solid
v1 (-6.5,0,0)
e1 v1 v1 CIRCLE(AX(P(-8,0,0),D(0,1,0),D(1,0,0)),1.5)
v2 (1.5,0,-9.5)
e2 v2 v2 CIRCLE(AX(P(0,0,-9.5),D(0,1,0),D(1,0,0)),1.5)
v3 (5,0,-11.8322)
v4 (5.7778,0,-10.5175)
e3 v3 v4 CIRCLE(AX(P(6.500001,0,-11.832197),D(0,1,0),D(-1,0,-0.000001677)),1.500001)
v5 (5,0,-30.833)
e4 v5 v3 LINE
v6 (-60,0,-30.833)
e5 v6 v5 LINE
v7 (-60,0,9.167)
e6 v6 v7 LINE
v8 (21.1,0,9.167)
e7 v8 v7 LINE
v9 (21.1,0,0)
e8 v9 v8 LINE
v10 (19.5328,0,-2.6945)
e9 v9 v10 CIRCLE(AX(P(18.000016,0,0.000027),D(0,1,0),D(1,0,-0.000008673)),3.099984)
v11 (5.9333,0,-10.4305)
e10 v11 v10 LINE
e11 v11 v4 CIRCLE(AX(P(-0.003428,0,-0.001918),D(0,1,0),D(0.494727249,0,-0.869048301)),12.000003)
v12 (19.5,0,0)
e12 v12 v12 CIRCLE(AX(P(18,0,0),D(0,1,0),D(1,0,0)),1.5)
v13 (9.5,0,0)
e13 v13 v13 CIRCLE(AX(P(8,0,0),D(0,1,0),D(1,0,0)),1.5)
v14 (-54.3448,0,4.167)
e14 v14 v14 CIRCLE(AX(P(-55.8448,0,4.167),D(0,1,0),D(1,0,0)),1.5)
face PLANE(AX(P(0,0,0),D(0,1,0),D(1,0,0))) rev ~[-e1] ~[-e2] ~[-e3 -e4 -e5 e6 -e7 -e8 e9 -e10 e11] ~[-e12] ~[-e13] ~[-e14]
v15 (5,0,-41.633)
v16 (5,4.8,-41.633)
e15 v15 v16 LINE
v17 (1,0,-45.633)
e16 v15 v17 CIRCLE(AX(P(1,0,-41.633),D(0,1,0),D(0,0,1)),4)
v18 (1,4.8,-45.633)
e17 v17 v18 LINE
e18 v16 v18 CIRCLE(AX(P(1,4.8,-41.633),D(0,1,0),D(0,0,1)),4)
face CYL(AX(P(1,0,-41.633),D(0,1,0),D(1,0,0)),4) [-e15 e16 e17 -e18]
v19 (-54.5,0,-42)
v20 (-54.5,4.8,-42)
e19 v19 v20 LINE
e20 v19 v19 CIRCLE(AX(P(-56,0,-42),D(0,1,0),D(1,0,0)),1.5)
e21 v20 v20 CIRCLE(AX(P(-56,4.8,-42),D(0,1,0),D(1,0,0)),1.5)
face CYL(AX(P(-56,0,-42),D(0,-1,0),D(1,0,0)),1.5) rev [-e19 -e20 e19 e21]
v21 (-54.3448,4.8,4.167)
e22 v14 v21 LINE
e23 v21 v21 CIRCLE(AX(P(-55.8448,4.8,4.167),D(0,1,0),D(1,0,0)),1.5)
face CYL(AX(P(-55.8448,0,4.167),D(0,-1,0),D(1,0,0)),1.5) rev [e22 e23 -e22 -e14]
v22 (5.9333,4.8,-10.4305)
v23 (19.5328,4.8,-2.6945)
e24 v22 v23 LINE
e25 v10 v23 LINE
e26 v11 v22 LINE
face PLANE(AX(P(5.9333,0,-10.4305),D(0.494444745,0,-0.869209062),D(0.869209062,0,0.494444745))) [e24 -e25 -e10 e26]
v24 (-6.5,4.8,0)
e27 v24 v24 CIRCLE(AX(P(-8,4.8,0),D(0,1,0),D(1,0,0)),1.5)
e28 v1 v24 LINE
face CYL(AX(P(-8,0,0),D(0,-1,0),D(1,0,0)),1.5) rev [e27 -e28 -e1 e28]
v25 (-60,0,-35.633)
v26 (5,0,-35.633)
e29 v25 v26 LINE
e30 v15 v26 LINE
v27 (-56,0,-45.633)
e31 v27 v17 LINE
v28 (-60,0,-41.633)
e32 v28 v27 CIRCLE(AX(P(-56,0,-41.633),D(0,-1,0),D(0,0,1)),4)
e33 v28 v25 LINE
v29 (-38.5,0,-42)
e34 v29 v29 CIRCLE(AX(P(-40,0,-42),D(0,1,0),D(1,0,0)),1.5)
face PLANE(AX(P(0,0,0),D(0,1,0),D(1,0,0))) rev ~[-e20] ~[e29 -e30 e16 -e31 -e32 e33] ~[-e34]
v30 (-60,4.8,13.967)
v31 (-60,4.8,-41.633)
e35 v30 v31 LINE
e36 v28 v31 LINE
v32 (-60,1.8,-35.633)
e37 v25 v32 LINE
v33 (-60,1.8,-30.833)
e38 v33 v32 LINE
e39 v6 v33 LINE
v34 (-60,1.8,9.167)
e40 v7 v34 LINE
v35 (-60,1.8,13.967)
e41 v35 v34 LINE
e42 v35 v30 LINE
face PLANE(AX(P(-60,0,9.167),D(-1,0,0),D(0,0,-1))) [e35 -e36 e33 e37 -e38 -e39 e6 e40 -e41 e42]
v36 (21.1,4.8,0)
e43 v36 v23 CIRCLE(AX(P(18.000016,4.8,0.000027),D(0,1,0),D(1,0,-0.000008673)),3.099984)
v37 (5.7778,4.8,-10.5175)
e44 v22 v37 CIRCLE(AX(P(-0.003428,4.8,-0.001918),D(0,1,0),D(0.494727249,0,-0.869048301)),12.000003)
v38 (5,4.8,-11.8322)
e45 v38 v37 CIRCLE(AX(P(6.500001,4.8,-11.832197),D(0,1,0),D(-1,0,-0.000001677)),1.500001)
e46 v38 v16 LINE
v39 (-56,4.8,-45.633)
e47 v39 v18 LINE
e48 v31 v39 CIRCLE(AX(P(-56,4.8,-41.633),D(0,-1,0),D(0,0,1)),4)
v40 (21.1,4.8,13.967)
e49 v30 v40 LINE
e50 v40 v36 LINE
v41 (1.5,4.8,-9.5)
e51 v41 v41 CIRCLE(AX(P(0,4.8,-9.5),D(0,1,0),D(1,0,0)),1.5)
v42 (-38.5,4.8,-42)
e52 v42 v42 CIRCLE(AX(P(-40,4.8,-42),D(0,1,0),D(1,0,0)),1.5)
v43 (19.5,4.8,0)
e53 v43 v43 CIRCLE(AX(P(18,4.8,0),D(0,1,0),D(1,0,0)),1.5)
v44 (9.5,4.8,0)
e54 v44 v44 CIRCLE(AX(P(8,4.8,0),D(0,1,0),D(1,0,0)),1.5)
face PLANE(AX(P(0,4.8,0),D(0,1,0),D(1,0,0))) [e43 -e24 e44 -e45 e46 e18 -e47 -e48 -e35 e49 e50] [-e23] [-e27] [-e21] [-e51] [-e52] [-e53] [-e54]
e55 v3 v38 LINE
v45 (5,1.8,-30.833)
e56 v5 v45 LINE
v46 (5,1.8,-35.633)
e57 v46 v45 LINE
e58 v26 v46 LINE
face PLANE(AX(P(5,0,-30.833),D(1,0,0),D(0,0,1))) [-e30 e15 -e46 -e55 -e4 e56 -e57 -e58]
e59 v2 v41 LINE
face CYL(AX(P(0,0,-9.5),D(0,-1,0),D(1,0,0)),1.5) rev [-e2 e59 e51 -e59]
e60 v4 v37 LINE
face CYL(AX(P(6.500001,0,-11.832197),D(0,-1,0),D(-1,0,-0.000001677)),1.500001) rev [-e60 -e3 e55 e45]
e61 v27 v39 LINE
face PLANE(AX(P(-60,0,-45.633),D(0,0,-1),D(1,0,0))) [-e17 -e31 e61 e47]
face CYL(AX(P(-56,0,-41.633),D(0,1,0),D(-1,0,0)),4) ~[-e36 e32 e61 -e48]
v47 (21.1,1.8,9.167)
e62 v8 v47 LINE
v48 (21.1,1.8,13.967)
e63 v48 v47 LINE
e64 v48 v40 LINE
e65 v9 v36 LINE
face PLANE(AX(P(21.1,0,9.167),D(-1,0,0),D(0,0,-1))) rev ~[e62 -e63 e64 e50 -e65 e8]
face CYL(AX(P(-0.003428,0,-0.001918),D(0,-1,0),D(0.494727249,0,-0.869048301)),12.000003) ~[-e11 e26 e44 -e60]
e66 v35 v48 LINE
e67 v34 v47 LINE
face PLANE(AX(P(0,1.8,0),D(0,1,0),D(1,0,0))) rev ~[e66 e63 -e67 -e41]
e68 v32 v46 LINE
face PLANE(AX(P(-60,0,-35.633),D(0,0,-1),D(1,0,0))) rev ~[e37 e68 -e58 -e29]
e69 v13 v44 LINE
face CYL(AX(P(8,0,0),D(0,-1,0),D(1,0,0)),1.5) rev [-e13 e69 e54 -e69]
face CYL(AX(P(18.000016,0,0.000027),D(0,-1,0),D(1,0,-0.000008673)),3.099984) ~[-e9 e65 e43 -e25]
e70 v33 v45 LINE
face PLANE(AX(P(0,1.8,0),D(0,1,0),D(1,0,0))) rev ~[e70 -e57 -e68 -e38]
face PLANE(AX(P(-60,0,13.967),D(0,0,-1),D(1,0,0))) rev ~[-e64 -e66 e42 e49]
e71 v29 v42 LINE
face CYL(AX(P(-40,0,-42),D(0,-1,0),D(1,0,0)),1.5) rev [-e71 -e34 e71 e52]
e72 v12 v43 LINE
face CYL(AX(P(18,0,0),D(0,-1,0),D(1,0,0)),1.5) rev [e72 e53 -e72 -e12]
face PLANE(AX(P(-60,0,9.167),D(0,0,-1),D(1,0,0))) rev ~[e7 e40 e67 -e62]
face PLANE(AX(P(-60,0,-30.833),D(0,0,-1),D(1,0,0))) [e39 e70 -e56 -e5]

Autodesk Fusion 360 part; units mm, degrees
sketch "Sketch1" plane through (0, 0, 0) normal (0, 1, 0) x (1, 0, 0)
  circle A0 centre (0, 0) radius 48 construction
  circle A1 centre (0, 0) radius 14 construction
  circle A2 centre (0, 0) radius 9.5 construction
  circle A3 centre (0, 0) radius 8 construction
  line L0 (0, 0) -> (8, 0) construction
  line L1 (0, 0) -> (0, -9.5) construction
  line L2 (0, 0) -> (-8, 0) construction
  line L3 (0, 0) -> (0, 9.5) construction
  circle A4 centre (8, 0) radius 1.5
  circle A5 centre (-8, 0) radius 1.5
  circle A6 centre (0, 9.5) radius 1.5
  circle A7 centre (0, 0) radius 12 construction
  line L4 (8, 0) -> (18, 0) construction
  line L5 (21.1, 0) -> (19.55, 2.6847) construction
  line L6 (19.55, 2.6847) -> (16.45, 2.6847) construction
  line L7 (16.45, 2.6847) -> (14.9, 0) construction
  line L8 (14.9, 0) -> (16.45, -2.6847) construction
  line L9 (16.45, -2.6847) -> (19.55, -2.6847) construction
  line L10 (19.55, -2.6847) -> (21.1, 0) construction
  circle A8 centre (18, 0) radius 3.1 construction
  circle A9 centre (18, 0) radius 1.5
  line L11 (0, 52) -> (-68, 52) construction
  line L12 (-9.7468, 47) -> (-68, 47) construction
  line L13 (-68, 52) -> (-68, 47) construction
  line L14 (-68, 47) -> (-68, 35.633) construction
  line L15 (-68, 35.633) -> (-32.1604, 35.633) construction
  line L16 (-68, 35.633) -> (-68, 30.833) construction
  line L17 (-68, 30.833) -> (-36.7876, 30.833) construction
  line L18 (-68, 30.833) -> (-68, -9.167) construction
  line L19 (-60, -9.167) -> (-47.1165, -9.167)
  line L20 (-68, -9.167) -> (-68, -13.967) construction
  line L21 (-68, -13.967) -> (-45.923, -13.967) construction
  line L22 (-60, -13.967) -> (-60, 35.633)
  line L23 (5.9333, 10.4305) -> (19.5328, 2.6945)
  line L24 (-60, -13.967) -> (21.1, -13.967)
  line L25 (21.1, -13.967) -> (21.1, 0)
  arc A10 (21.1, 0) -> (19.5328, 2.6945) centre (18, 0) ccw
  line L26 (-60, 35.633) -> (5, 35.633)
  line L27 (5, 35.633) -> (5, 11.8322)
  arc A11 (5.9333, 10.4305) -> (5.7778, 10.5175) centre (0, 0) ccw
  arc A12 (5, 11.8322) -> (5.7778, 10.5175) centre (6.5, 11.8322) ccw
  arc A13 (5.7778, 10.5175) -> (7.9656, 11.513) centre (6.5, 11.8322) ccw construction
  arc A14 (5.4445, 12.898) -> (5, 11.8322) centre (6.5, 11.8322) ccw construction
  arc A15 (7.9656, 11.513) -> (5.4445, 12.898) centre (6.5, 11.8322) ccw construction
  line L28 (5, 11.8322) -> (5, 10.9087) construction
  arc A16 (5.7778, 10.5175) -> (5, 10.9087) centre (0, 0) ccw construction
  line L29 (-60, 30.833) -> (5, 30.833)
  line L30 (-47.1165, -9.167) -> (21.1, -9.167)
  line L31 (-60, 35.633) -> (-60, 45.633)
  line L32 (-60, 45.633) -> (5, 45.633)
  line L33 (5, 45.633) -> (5, 35.633)
  circle A17 centre (-56, 42) radius 1.5
  circle A18 centre (-40, 42) radius 1.5
  line L34 (-40, 42) -> (0, 0) construction
  circle A19 centre (-55.8448, -4.167) radius 1.5
  line L35 (0, 0) -> (-55.8448, -4.167) construction
  line L36 (-68, -9.167) -> (-60, -9.167) construction
  point P0 (18, 0)
  point P1 (-33.1034, 34.7586)
  point P2 (-47.8669, -3.5717)
  dimension "d1" = 96
  dimension "d2" = 28
  dimension "d3" = 19
  dimension "d4" = 16
  dimension "d5" = 3
  dimension "d6" = 3
  dimension "d7" = 3
  dimension "d8" = 24
  dimension "d9" = 18
  dimension "d10" = 3.1
  dimension "d11" = 60
  dimension "d12" = 3
  dimension "d13" = 52
  dimension "d14" = 68
  dimension "d15" = 68
  dimension "d18" = 5
  dimension "d22" = 16.367
  dimension "d23" = 4.8
  dimension "d24" = 40
  dimension "d25" = 4.8
  dimension "d26" = 8
  dimension "d27" = 3.1
  dimension "d28" = 5
  dimension "d33" = 12
  dimension "d34" = 3
  dimension "d35" = 10
  dimension "d36" = 3
  dimension "d37" = 12
  dimension "d38" = 5
  dimension "d39" = 3
  dimension "d40" = 5
  dimension "d41" = 10
  dimension "d42" = 3
  dimension "d43" = 5
  dimension "d44" = 8
extrude "Extrude1" add sketch "Sketch1" along normal blind 4.8
fillet "Fillet1" radius 4 2 edges at (5, 2.4, -45.633) (-60, 2.4, -45.633)
extrude "Extrude2" cut sketch "Sketch1" along normal blind 1.8 contours L19 L22 L24 L25 L30 | L22 L26 L27 L29
